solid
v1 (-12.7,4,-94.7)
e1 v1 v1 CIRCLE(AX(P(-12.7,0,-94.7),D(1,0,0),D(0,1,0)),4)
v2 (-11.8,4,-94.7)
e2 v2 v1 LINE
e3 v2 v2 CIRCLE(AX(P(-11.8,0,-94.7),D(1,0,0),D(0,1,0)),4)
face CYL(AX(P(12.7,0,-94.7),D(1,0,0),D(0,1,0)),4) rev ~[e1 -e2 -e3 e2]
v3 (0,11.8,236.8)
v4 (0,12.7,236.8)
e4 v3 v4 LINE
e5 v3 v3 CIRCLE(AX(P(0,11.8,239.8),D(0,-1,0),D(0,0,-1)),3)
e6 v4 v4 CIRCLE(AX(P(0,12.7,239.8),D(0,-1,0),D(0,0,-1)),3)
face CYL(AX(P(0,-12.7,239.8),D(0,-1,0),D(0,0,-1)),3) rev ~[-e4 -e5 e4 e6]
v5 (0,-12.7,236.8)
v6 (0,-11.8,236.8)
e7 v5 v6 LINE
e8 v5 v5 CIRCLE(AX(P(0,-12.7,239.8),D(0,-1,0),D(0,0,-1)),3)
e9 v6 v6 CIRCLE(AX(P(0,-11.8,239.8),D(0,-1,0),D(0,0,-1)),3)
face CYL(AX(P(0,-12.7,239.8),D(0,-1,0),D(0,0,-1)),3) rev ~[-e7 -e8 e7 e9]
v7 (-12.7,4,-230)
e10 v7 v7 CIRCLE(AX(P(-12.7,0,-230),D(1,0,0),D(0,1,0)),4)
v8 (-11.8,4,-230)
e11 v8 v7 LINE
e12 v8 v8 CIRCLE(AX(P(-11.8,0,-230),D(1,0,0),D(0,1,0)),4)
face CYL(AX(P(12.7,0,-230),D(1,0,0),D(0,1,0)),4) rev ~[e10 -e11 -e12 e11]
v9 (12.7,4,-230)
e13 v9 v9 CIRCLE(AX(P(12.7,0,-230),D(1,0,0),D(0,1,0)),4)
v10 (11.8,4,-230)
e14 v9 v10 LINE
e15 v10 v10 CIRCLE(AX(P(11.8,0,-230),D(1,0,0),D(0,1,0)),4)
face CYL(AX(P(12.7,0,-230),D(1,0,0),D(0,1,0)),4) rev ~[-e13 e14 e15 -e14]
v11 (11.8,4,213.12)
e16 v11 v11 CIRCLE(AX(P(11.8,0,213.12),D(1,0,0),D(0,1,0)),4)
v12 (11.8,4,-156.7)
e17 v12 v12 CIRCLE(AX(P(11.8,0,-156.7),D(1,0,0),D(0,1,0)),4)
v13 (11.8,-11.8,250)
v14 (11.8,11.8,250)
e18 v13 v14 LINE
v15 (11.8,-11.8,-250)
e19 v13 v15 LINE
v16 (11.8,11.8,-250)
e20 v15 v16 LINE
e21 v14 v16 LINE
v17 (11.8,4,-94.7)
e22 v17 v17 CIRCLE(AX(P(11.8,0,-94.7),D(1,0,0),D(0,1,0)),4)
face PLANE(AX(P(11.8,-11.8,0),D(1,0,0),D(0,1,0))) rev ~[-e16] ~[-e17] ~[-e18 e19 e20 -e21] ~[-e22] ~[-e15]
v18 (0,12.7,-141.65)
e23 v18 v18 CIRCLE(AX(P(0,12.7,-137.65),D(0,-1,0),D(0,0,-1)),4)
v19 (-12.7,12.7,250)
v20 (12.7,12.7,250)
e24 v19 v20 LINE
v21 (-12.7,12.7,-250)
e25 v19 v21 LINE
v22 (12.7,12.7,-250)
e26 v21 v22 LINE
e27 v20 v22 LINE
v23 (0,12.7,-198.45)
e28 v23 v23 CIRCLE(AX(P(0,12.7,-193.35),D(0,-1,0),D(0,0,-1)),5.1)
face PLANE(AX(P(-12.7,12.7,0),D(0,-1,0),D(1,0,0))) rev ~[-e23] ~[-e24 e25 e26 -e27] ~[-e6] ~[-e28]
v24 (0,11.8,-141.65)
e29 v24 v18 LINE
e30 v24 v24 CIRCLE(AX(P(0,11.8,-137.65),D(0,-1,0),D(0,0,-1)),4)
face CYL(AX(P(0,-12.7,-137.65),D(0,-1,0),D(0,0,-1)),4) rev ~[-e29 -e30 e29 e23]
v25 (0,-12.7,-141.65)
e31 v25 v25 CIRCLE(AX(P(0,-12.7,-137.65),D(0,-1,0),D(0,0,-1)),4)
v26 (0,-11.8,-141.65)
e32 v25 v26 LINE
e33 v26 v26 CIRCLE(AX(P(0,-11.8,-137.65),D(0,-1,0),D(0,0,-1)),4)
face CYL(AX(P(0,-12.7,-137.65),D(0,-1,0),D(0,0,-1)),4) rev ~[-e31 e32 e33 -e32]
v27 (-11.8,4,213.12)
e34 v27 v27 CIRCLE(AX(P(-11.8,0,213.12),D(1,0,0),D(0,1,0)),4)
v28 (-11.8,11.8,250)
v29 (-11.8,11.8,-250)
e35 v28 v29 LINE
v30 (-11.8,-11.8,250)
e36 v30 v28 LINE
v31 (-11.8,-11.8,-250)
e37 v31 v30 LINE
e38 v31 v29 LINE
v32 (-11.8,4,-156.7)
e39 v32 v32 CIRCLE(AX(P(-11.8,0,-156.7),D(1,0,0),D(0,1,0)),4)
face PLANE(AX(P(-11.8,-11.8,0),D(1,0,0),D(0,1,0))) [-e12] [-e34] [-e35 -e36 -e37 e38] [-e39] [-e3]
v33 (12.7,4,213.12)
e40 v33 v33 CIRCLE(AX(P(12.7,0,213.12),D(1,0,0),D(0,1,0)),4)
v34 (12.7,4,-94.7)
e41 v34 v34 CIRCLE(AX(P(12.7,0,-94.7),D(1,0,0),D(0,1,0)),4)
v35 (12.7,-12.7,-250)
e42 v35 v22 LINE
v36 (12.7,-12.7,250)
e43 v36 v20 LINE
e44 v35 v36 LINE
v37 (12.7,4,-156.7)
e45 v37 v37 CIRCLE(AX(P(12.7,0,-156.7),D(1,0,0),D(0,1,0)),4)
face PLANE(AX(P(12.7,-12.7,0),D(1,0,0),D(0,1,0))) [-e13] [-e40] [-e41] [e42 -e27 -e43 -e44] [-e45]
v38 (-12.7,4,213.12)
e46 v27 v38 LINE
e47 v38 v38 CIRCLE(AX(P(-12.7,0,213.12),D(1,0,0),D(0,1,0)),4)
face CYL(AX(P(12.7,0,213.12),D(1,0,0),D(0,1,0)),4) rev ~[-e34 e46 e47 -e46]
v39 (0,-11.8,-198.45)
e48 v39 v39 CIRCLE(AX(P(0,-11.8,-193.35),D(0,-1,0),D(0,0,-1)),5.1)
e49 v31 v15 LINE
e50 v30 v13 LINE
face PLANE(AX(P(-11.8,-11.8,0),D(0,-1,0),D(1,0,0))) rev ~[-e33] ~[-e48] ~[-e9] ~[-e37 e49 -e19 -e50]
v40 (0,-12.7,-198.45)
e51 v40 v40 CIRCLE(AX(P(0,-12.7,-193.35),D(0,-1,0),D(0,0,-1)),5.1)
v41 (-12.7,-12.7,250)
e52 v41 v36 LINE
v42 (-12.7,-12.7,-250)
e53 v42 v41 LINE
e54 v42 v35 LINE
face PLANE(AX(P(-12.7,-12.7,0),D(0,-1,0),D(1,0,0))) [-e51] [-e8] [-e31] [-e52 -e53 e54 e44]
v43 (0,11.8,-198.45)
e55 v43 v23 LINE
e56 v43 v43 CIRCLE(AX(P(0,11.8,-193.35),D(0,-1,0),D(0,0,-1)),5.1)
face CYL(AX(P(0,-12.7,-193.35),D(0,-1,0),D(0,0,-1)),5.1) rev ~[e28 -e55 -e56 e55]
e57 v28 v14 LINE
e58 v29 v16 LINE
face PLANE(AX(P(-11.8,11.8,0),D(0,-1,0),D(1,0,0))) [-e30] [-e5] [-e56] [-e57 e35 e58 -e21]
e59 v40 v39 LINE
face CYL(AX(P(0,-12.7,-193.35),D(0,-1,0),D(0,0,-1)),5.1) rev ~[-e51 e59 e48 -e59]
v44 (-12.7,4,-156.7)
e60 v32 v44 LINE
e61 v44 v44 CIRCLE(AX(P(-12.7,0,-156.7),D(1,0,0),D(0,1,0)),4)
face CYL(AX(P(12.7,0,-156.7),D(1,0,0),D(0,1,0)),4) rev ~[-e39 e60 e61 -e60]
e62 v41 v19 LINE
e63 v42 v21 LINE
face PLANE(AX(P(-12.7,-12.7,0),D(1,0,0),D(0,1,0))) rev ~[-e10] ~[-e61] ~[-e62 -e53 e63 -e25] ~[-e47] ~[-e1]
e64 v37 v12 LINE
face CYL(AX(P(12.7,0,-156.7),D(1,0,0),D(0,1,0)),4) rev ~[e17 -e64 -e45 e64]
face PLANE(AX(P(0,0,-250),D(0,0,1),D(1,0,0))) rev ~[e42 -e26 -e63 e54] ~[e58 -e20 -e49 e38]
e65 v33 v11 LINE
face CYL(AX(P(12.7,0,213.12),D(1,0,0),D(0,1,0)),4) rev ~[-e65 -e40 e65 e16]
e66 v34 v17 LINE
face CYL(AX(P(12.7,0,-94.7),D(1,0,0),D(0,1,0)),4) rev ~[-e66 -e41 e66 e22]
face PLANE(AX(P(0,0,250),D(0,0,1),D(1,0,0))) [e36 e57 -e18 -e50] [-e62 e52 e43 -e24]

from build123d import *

# Parameters (mm, degrees)
SKETCH1_W           = 25.4
SKETCH1_H           = 25.4
SKETCH1_W_2         = 23.6
SKETCH1_H_2         = 23.6
EXTRUDE_THIN1_DEPTH = 250
SKETCH2_R           = 4
CUT_EXTRUDE1_DEPTH  = 252.607730406
SKETCH3_R           = 3
SKETCH3_R_2         = 4
SKETCH3_R_3         = 5.1
CUT_EXTRUDE2_DEPTH  = 252.607730406


with BuildPart() as part:
    # Sketch1 → Extrude-Thin1 (new, symmetric)
    with BuildSketch(Plane.XY):
        Rectangle(SKETCH1_W, SKETCH1_H)
        Rectangle(SKETCH1_W_2, SKETCH1_H_2, mode=Mode.SUBTRACT)
    extrude(amount=EXTRUDE_THIN1_DEPTH, both=True)

    # Sketch2 → Cut-Extrude1 (cut, through all)
    with BuildSketch(Plane(origin=(12.7, 0, 0), x_dir=(0, 0, -1), z_dir=(1, 0, 0))):
        with Locations(Location((156.7, 0, 0), (0, 0, 90))):
            Circle(SKETCH2_R)
        with Locations(Location((230, 0, 0), (0, 0, 90))):
            Circle(SKETCH2_R)
        with Locations(Location((94.7, 0, 0), (0, 0, 90))):
            Circle(SKETCH2_R)
        with Locations(Location((-213.12, 0, 0), (0, 0, 90))):
            Circle(SKETCH2_R)
    extrude(amount=-CUT_EXTRUDE1_DEPTH, mode=Mode.SUBTRACT)

    # Sketch3 → Cut-Extrude2 (cut, through all)
    with BuildSketch(Plane.XZ.offset(12.7)):
        with Locations(Location((0, 239.8, 0), (0, 0, 270))):
            Circle(SKETCH3_R)
        with Locations(Location((0, -137.65, 0), (0, 0, 270))):
            Circle(SKETCH3_R_2)
        with Locations(Location((0, -193.35, 0), (0, 0, 270))):
            Circle(SKETCH3_R_3)
    extrude(amount=-CUT_EXTRUDE2_DEPTH, mode=Mode.SUBTRACT)


solid = part.part
